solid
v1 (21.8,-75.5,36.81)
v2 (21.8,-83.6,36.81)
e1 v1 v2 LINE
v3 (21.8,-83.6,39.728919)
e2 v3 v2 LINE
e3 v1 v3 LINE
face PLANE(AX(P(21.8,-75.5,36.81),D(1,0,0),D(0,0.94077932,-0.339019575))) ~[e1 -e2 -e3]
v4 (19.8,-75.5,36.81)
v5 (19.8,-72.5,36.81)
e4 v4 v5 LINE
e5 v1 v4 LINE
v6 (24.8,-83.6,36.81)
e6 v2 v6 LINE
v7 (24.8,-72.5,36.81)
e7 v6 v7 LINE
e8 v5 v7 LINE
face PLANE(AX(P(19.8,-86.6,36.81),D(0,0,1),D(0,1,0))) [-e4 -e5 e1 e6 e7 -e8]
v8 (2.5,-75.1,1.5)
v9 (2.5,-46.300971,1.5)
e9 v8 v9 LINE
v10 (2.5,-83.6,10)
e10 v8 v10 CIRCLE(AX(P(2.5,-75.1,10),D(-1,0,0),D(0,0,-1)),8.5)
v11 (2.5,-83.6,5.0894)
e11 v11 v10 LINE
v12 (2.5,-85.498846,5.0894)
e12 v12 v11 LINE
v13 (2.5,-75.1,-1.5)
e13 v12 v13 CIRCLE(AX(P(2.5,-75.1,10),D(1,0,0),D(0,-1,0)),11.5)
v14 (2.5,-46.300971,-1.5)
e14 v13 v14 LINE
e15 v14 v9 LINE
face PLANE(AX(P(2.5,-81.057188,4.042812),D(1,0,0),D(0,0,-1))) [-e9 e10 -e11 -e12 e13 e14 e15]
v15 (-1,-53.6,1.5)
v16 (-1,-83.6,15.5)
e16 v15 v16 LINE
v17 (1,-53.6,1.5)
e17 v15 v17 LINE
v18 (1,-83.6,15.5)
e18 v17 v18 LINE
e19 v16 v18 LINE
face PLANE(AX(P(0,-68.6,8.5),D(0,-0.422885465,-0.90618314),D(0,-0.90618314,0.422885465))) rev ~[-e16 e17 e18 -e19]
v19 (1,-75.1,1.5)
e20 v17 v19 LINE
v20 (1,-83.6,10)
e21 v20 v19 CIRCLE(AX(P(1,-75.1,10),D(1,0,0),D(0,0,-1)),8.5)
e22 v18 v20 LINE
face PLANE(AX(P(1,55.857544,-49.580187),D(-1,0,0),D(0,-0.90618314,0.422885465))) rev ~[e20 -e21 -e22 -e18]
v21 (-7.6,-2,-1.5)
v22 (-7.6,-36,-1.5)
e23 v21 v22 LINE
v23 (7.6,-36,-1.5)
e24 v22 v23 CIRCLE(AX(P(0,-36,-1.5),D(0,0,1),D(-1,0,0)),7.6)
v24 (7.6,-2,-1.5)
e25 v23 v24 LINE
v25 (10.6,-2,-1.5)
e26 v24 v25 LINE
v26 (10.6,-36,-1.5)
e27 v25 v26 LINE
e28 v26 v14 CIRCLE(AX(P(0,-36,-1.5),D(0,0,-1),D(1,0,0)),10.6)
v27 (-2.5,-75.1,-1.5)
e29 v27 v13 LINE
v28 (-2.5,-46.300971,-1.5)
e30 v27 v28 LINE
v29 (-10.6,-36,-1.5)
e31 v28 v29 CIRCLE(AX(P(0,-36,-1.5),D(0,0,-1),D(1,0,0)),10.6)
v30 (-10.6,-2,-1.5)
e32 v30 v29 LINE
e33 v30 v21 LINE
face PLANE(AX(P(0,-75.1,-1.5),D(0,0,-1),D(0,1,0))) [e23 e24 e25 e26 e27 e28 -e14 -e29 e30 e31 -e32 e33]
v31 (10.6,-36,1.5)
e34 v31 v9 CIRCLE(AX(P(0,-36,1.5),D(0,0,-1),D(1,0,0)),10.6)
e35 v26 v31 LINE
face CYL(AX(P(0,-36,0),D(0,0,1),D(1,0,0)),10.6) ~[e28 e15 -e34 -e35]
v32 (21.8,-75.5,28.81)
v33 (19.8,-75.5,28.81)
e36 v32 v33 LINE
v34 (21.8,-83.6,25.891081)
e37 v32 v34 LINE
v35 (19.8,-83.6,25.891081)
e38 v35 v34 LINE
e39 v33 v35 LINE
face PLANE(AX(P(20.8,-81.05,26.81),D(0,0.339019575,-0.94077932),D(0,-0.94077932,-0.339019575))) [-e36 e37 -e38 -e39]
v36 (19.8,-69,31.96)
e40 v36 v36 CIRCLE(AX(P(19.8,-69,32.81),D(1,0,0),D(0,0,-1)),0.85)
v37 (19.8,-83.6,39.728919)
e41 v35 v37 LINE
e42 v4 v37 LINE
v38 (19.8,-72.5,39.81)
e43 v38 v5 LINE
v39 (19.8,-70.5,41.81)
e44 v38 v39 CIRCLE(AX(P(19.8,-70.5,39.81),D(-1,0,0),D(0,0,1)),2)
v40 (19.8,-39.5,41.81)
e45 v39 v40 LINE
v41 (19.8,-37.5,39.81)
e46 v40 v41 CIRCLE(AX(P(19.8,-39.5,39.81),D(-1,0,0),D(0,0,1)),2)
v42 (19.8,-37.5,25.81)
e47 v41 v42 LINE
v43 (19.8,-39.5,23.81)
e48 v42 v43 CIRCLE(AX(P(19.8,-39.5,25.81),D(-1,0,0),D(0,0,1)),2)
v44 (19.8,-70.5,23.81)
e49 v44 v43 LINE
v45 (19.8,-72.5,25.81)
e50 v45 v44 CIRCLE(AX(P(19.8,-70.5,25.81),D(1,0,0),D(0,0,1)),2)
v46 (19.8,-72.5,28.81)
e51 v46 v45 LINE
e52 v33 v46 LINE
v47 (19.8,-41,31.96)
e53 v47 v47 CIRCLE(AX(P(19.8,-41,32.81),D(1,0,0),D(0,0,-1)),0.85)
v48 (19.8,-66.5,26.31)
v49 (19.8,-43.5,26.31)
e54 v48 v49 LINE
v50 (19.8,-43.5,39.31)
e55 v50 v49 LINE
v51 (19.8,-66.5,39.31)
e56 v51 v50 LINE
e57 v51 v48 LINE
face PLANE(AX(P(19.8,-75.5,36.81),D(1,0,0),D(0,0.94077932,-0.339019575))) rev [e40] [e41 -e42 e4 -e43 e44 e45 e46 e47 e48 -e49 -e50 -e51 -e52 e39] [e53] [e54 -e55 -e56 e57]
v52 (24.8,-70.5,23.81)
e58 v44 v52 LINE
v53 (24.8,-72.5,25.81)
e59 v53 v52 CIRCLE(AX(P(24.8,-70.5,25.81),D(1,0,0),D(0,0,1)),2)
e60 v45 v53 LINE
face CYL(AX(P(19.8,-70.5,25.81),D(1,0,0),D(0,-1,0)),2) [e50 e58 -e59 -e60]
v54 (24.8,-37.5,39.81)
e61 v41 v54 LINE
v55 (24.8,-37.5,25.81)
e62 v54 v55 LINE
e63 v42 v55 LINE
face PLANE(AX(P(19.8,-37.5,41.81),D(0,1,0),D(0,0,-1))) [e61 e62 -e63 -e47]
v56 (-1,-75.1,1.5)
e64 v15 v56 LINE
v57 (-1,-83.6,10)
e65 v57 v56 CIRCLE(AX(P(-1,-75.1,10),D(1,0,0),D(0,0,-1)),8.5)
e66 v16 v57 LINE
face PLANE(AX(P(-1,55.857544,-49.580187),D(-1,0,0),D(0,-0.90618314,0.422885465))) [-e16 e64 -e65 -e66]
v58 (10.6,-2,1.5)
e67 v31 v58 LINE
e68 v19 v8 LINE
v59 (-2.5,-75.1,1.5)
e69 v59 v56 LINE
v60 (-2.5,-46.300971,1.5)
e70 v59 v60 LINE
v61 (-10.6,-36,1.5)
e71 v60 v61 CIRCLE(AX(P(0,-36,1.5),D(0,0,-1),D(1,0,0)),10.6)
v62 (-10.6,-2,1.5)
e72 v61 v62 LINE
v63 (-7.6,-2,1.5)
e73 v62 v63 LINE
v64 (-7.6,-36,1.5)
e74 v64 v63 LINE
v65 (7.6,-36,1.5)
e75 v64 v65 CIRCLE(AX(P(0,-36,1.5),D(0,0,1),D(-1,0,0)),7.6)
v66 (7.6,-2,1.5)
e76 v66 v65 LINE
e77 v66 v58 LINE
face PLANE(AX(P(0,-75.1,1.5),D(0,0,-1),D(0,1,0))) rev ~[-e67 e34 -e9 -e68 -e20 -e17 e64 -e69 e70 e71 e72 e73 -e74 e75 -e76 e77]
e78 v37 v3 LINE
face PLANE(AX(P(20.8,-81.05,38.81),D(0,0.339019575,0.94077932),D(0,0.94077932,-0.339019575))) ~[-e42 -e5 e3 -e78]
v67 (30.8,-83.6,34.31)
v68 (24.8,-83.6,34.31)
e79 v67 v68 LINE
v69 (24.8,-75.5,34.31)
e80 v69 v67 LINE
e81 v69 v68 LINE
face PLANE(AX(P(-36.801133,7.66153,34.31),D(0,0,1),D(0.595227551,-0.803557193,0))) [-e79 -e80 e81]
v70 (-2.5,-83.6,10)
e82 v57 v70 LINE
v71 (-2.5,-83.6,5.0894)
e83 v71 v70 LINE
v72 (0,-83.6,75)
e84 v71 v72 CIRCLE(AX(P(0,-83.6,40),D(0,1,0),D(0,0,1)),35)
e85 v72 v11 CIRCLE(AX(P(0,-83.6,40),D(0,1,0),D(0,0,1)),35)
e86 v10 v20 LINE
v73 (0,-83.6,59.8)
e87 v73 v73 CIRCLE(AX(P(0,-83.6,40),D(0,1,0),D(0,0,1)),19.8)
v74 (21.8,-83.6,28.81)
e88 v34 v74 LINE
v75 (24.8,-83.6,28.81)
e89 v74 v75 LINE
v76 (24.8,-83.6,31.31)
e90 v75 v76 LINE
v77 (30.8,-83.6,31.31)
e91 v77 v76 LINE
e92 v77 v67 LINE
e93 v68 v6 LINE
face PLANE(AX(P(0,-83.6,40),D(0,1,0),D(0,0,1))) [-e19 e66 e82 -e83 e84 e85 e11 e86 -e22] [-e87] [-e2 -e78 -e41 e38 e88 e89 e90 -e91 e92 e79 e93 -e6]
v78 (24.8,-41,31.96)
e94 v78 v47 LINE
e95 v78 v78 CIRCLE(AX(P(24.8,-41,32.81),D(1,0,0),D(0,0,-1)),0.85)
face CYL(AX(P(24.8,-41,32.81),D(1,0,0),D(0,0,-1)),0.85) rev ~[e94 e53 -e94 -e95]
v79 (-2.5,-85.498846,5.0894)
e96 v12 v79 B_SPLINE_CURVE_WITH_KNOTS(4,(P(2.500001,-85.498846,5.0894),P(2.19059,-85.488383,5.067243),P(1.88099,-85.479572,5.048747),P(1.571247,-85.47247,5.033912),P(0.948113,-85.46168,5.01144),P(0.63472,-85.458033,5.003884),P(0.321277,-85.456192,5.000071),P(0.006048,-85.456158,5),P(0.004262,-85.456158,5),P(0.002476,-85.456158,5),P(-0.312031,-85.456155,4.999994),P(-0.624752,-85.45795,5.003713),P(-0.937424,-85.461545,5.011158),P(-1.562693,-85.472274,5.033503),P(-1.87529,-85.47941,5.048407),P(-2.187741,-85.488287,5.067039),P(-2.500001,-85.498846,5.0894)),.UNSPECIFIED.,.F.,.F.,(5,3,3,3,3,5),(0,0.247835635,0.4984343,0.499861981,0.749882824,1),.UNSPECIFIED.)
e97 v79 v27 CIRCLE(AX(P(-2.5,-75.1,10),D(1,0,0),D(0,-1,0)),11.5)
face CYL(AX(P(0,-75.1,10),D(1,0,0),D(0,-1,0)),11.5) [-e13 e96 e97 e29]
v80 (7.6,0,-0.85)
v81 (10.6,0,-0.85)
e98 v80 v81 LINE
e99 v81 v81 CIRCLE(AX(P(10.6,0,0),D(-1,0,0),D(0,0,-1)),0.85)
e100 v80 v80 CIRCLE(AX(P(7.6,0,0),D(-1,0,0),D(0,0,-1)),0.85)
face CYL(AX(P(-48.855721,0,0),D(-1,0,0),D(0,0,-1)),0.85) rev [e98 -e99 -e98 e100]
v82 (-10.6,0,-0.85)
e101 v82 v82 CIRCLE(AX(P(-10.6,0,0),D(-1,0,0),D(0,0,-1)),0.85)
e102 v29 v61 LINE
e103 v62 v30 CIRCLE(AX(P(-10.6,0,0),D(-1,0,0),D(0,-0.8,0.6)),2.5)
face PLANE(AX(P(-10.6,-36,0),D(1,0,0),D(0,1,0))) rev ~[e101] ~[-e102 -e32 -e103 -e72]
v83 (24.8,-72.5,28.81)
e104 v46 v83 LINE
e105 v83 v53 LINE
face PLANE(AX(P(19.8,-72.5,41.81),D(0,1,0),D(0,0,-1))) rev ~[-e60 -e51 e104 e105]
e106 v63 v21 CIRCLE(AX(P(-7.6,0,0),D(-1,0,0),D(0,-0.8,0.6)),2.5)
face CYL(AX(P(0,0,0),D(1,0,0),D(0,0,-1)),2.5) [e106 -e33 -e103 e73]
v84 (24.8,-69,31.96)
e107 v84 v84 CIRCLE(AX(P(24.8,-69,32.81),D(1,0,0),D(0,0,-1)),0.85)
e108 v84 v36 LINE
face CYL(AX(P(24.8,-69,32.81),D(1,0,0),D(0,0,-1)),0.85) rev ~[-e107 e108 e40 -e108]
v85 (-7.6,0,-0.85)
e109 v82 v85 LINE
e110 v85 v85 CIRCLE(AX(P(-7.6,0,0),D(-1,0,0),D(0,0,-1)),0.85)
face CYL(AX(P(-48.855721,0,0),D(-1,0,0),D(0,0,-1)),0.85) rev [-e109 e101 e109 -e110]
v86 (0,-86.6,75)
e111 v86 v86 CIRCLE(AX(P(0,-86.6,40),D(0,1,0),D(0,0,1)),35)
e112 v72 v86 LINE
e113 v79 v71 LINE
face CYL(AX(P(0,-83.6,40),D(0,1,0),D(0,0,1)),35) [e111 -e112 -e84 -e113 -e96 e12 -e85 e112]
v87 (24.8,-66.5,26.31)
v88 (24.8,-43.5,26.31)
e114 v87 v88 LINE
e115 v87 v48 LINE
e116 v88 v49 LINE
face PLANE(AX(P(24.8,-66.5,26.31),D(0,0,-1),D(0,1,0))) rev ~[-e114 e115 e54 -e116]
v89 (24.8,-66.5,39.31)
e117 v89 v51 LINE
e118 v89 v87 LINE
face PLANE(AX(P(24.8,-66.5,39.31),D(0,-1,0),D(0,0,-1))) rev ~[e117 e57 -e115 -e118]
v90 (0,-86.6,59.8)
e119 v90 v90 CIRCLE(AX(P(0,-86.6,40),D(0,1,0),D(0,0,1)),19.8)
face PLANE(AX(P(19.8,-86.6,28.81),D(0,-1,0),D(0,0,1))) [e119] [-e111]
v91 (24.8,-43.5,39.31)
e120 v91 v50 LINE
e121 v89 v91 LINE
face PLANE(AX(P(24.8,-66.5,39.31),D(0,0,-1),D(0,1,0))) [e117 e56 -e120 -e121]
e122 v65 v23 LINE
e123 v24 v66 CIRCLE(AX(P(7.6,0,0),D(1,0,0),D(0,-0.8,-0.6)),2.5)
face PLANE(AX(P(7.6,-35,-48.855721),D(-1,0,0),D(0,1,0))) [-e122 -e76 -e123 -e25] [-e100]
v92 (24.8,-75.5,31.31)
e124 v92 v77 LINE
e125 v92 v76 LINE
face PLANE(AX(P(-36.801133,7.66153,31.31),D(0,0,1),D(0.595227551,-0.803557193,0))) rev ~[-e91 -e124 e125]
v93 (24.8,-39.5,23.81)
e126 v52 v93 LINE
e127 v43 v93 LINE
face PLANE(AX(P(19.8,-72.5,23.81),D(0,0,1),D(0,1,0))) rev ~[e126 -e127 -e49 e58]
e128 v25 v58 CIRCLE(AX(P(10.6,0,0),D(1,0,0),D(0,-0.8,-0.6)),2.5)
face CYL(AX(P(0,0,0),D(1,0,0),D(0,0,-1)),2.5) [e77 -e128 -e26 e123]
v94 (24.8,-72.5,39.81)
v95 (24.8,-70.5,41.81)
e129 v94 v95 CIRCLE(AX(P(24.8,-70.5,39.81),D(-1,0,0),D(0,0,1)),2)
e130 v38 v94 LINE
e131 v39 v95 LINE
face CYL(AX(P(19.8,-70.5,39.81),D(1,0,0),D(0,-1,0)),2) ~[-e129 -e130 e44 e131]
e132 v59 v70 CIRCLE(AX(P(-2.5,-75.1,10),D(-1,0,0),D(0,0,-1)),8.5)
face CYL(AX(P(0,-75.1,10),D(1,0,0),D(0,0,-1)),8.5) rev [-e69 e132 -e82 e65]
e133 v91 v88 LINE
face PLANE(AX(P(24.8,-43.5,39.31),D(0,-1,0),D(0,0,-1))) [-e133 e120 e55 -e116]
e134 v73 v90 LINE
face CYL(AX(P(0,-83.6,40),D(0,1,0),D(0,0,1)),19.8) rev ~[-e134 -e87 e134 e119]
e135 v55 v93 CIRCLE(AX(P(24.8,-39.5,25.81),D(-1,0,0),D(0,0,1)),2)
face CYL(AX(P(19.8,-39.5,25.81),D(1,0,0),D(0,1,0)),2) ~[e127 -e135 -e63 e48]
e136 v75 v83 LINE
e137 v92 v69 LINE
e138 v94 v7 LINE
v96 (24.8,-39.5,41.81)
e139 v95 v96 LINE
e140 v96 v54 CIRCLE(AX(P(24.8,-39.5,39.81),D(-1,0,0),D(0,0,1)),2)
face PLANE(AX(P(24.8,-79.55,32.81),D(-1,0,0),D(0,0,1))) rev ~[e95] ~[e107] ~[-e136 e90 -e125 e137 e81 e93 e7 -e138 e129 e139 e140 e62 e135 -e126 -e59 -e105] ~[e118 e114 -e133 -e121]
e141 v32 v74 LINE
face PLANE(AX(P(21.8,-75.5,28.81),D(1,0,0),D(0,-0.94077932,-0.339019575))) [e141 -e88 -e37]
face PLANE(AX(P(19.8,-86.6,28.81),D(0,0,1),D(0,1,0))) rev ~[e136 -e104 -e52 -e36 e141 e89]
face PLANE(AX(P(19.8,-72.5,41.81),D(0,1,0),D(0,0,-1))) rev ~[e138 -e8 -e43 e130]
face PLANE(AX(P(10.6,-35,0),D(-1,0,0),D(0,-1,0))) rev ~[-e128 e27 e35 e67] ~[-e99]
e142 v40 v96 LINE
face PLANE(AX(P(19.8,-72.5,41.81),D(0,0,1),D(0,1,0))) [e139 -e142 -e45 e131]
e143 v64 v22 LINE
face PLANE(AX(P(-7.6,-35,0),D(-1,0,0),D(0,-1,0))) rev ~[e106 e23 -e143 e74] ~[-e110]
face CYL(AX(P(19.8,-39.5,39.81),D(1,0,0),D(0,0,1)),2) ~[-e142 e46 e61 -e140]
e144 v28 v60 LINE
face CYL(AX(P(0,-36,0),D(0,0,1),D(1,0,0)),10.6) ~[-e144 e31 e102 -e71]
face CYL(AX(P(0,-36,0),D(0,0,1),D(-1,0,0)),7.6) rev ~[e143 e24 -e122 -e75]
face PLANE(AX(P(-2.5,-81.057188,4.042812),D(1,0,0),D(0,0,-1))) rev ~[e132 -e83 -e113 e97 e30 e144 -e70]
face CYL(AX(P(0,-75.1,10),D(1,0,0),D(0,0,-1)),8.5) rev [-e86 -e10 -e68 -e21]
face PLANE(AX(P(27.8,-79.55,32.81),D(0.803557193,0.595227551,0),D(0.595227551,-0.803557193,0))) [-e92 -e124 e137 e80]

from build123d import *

# Parameters (mm, degrees)
ESBO_O1_R                  = 2.5
RESSALTO_EXTRUS_O1_DEPTH   = 10.6
ESBO_O8_W                  = 21.2
ESBO_O8_H                  = 35
RESSALTO_EXTRUS_O6_DEPTH   = 1.5
RESSALTO_EXTRUS_O2_DEPTH   = 1.5
CORTE_EXTRUS_O1_DEPTH      = 48.855720661
CORTE_EXTRUS_O1_DEPTH_BACK = 48.855720661
ESBO_O3_W                  = 15.2
ESBO_O3_H                  = 37.5
CORTE_EXTRUS_O2_DEPTH      = 48.855720661
CORTE_EXTRUS_O2_DEPTH_BACK = 48.855720661
ESBO_O4_R                  = 0.85
ESBO_O5_W                  = 3
ESBO_O5_H                  = 30
RESSALTO_EXTRUS_O3_DEPTH   = 2.5
RESSALTO_EXTRUS_O4_DEPTH   = 2.5
RESSALTO_EXTRUS_O5_START   = -83.6
ESBO_O7_R                  = 35
RESSALTO_EXTRUS_O5_DEPTH   = 3
NERVURA2_REACH             = 121.79
ESBO_O10_WALL_W            = 274.68518898
ESBO_O10_WALL_H            = 2
ESBO_O11_W                 = 18
ESBO_O11_H                 = 35
RESSALTO_EXTRUS_O7_DEPTH   = 5
ESBO_O12_W                 = 13
ESBO_O12_H                 = 23
CORTE_EXTRUS_O3_DEPTH      = 130.230801453
ESBO_O13_R                 = 0.85
CORTE_EXTRUS_O4_DEPTH      = 130.230801453
ESBO_O14_W                 = 8
ESBO_O14_H                 = 14.1
RESSALTO_EXTRUS_O8_DEPTH   = 5
FILETE1_R                  = 2
NERVURA3_REACH             = 128.994
ESBO_O15_WALL_W            = 11.798728746
ESBO_O15_WALL_H            = 2
ESBO_O16_R                 = 19.8
CORTE_EXTRUS_O5_DEPTH      = 120.428681739
NERVURA4_REACH             = 104.492
ESBO_O17_WALL_W            = 217.06365237
ESBO_O17_WALL_H            = 3


with BuildPart() as part:
    # Esboço1 → Ressalto-extrusão1 (new, symmetric)
    with BuildSketch(Plane(origin=(0, 0, 0), x_dir=(0, 0, -1), z_dir=(1, 0, 0))):
        Circle(ESBO_O1_R)
    extrude(amount=RESSALTO_EXTRUS_O1_DEPTH, both=True)

    # Esboço8 → Ressalto-extrusão6 (add, symmetric)
    with BuildSketch(Plane.XY):
        with Locations((0, -17.5)):
            Rectangle(ESBO_O8_W, ESBO_O8_H)
    extrude(amount=RESSALTO_EXTRUS_O6_DEPTH, both=True)

    # Esboço2 → Ressalto-extrusão2 (add, symmetric)
    with BuildSketch(Plane.XY):
        with BuildLine():
            Line((-10.6, -36), (-10.6, -35))
            Line((-10.6, -35), (-7.6, -35))
            Line((-7.6, -35), (-7.6, -36))
            ThreePointArc((-7.6, -36), (0, -43.6), (7.6, -36))
            Line((7.6, -36), (7.6, -35))
            Line((7.6, -35), (10.6, -35))
            Line((10.6, -35), (10.6, -36))
            ThreePointArc((10.6, -36), (0, -46.6), (-10.6, -36))
        make_face()
    extrude(amount=RESSALTO_EXTRUS_O2_DEPTH, both=True)

    # Esboço3 → Corte-extrusão1 (cut, two sides: drawn at the far end of the back side and taken through both)
    with BuildSketch(Plane.XY.offset(-CORTE_EXTRUS_O1_DEPTH_BACK)):
        with Locations((0, -16.25)):
            Rectangle(ESBO_O3_W, ESBO_O3_H)
    extrude(amount=CORTE_EXTRUS_O1_DEPTH + CORTE_EXTRUS_O1_DEPTH_BACK, mode=Mode.SUBTRACT)

    # Esboço4 → Corte-extrusão2 (cut, two sides: drawn at the far end of the back side and taken through both)
    with BuildSketch(Plane(origin=(0, 0, 0), x_dir=(0, 0, -1), z_dir=(1, 0, 0)).offset(-CORTE_EXTRUS_O2_DEPTH_BACK)):
        Circle(ESBO_O4_R)
    extrude(amount=CORTE_EXTRUS_O2_DEPTH + CORTE_EXTRUS_O2_DEPTH_BACK, mode=Mode.SUBTRACT)

    # Esboço5 → Ressalto-extrusão3 (add, symmetric)
    with BuildSketch(Plane(origin=(0, 0, 0), x_dir=(0, 0, -1), z_dir=(1, 0, 0))):
        with Locations((0, -60.1)):
            Rectangle(ESBO_O5_W, ESBO_O5_H)
    extrude(amount=RESSALTO_EXTRUS_O3_DEPTH, both=True)

    # Esboço6 → Ressalto-extrusão4 (add, symmetric)
    with BuildSketch(Plane(origin=(0, 0, 0), x_dir=(0, 0, -1), z_dir=(1, 0, 0))):
        with BuildLine():
            ThreePointArc((-10, -86.6), (-1.868272016, -83.231727984), (1.5, -75.1))
            ThreePointArc((1.5, -75.1), (0, -73.6), (-1.5, -75.1))
            ThreePointArc((-1.5, -75.1), (-3.98959236, -81.11040764), (-10, -83.6))
            ThreePointArc((-10, -83.6), (-11.5, -85.1), (-10, -86.6))
        make_face()
    extrude(amount=RESSALTO_EXTRUS_O4_DEPTH, both=True)

    # Esboço7 → Ressalto-extrusão5 (add)
    with BuildSketch(Plane(origin=(0, 0, 0), x_dir=(1, 0, 0), z_dir=(0, 1, 0)).offset(RESSALTO_EXTRUS_O5_START)):
        with Locations(Location((0, -40, 0), (0, 0, 270))):
            Circle(ESBO_O7_R)
    extrude(amount=-RESSALTO_EXTRUS_O5_DEPTH)

    # Esboço10 wall → Nervura2 (add, up to next)
    with BuildSketch(Plane(origin=(0, -68.6, 8.5), x_dir=(0, -0.906183139995, 0.422885465331), z_dir=(0, -0.422885465331, -0.906183139995)), mode=Mode.PRIVATE) as nervura2_sk1:
        Rectangle(ESBO_O10_WALL_W, ESBO_O10_WALL_H)
    nervura2_tool1 = extrude(nervura2_sk1.sketch, amount=NERVURA2_REACH, mode=Mode.PRIVATE) - part.part
    add(nervura2_tool1.solids().sort_by_distance((0, -68.6, 8.5))[0])



with BuildPart() as body_2:
    # Esboço11 → Ressalto-extrusão7 (new body)
    with BuildSketch(Plane(origin=(19.8, 0, 0), x_dir=(0, 0, -1), z_dir=(1, 0, 0))):
        with Locations((-32.81, -55)):
            Rectangle(ESBO_O11_W, ESBO_O11_H)
    extrude(amount=RESSALTO_EXTRUS_O7_DEPTH)

    # Esboço12 → Corte-extrusão3 (cut, through all)
    with BuildSketch(Plane(origin=(24.8, 0, 0), x_dir=(0, 0, -1), z_dir=(1, 0, 0))):
        with Locations((-32.81, -55)):
            Rectangle(ESBO_O12_W, ESBO_O12_H)
    extrude(amount=-CORTE_EXTRUS_O3_DEPTH, mode=Mode.SUBTRACT)

    # Esboço13 → Corte-extrusão4 (cut, through all)
    with BuildSketch(Plane(origin=(24.8, 0, 0), x_dir=(0, 0, -1), z_dir=(1, 0, 0))):
        with Locations((-32.81, -41)):
            Circle(ESBO_O13_R)
        with Locations((-32.81, -69)):
            Circle(ESBO_O13_R)
    extrude(amount=-CORTE_EXTRUS_O4_DEPTH, mode=Mode.SUBTRACT)


with BuildPart() as part_1:
    add(part.part)

    add(body_2.part)  # Ressalto-extrusão8 merges body 2
    # Esboço14 → Ressalto-extrusão8 (add)
    with BuildSketch(Plane.ZY.offset(-19.8)):
        with Locations((32.81, -79.55)):
            Rectangle(ESBO_O14_W, ESBO_O14_H)
    extrude(amount=-RESSALTO_EXTRUS_O8_DEPTH)

    # Filete1
    filete1_edges = [part_1.edges().sort_by_distance(p)[0] for p in [
        (22.3, -37.5, 41.81),
        (22.3, -72.5, 41.81),
        (22.3, -72.5, 23.81),
        (22.3, -37.5, 23.81),
    ]]
    fillet(filete1_edges, radius=FILETE1_R)

    # Esboço15 wall → Nervura3 (add, up to next)
    with BuildSketch(Plane(origin=(19.8, -81.05, 26.81), x_dir=(0, -0.94077931952, -0.339019574602), z_dir=(0, 0.339019574602, -0.94077931952)), mode=Mode.PRIVATE) as nervura3_sk1:
        with Locations((0, -1)):
            Rectangle(ESBO_O15_WALL_W, ESBO_O15_WALL_H)
    nervura3_tool1 = extrude(nervura3_sk1.sketch, amount=-NERVURA3_REACH, mode=Mode.PRIVATE) - part_1.part
    nervura3 = nervura3_tool1.solids().sort_by_distance((19.8, -81.05, 26.81))[0]
    add(nervura3)

    # Espelhar2: Nervura3 across plane
    add(nervura3.mirror(Plane.XY.offset(32.81)))

    # Esboço16 → Corte-extrusão5 (cut, through all)
    with BuildSketch(Plane(origin=(0, -83.6, 0), x_dir=(1, 0, 0), z_dir=(0, 1, 0))):
        with Locations(Location((0, -40, 0), (0, 0, 270))):
            Circle(ESBO_O16_R)
    extrude(amount=-CORTE_EXTRUS_O5_DEPTH, mode=Mode.SUBTRACT)

    # Esboço17 wall → Nervura4 (add, up to next)
    with BuildSketch(Plane(origin=(27.8, -79.55, 32.81), x_dir=(0.595227550626, -0.803557193345, 0), z_dir=(0.803557193345, 0.595227550626, 0)), mode=Mode.PRIVATE) as nervura4_sk1:
        Rectangle(ESBO_O17_WALL_W, ESBO_O17_WALL_H)
    nervura4_tool1 = extrude(nervura4_sk1.sketch, amount=-NERVURA4_REACH, mode=Mode.PRIVATE) - part_1.part
    add(nervura4_tool1.solids().sort_by_distance((27.8, -79.55, 32.81))[0])


solid = part_1.part
